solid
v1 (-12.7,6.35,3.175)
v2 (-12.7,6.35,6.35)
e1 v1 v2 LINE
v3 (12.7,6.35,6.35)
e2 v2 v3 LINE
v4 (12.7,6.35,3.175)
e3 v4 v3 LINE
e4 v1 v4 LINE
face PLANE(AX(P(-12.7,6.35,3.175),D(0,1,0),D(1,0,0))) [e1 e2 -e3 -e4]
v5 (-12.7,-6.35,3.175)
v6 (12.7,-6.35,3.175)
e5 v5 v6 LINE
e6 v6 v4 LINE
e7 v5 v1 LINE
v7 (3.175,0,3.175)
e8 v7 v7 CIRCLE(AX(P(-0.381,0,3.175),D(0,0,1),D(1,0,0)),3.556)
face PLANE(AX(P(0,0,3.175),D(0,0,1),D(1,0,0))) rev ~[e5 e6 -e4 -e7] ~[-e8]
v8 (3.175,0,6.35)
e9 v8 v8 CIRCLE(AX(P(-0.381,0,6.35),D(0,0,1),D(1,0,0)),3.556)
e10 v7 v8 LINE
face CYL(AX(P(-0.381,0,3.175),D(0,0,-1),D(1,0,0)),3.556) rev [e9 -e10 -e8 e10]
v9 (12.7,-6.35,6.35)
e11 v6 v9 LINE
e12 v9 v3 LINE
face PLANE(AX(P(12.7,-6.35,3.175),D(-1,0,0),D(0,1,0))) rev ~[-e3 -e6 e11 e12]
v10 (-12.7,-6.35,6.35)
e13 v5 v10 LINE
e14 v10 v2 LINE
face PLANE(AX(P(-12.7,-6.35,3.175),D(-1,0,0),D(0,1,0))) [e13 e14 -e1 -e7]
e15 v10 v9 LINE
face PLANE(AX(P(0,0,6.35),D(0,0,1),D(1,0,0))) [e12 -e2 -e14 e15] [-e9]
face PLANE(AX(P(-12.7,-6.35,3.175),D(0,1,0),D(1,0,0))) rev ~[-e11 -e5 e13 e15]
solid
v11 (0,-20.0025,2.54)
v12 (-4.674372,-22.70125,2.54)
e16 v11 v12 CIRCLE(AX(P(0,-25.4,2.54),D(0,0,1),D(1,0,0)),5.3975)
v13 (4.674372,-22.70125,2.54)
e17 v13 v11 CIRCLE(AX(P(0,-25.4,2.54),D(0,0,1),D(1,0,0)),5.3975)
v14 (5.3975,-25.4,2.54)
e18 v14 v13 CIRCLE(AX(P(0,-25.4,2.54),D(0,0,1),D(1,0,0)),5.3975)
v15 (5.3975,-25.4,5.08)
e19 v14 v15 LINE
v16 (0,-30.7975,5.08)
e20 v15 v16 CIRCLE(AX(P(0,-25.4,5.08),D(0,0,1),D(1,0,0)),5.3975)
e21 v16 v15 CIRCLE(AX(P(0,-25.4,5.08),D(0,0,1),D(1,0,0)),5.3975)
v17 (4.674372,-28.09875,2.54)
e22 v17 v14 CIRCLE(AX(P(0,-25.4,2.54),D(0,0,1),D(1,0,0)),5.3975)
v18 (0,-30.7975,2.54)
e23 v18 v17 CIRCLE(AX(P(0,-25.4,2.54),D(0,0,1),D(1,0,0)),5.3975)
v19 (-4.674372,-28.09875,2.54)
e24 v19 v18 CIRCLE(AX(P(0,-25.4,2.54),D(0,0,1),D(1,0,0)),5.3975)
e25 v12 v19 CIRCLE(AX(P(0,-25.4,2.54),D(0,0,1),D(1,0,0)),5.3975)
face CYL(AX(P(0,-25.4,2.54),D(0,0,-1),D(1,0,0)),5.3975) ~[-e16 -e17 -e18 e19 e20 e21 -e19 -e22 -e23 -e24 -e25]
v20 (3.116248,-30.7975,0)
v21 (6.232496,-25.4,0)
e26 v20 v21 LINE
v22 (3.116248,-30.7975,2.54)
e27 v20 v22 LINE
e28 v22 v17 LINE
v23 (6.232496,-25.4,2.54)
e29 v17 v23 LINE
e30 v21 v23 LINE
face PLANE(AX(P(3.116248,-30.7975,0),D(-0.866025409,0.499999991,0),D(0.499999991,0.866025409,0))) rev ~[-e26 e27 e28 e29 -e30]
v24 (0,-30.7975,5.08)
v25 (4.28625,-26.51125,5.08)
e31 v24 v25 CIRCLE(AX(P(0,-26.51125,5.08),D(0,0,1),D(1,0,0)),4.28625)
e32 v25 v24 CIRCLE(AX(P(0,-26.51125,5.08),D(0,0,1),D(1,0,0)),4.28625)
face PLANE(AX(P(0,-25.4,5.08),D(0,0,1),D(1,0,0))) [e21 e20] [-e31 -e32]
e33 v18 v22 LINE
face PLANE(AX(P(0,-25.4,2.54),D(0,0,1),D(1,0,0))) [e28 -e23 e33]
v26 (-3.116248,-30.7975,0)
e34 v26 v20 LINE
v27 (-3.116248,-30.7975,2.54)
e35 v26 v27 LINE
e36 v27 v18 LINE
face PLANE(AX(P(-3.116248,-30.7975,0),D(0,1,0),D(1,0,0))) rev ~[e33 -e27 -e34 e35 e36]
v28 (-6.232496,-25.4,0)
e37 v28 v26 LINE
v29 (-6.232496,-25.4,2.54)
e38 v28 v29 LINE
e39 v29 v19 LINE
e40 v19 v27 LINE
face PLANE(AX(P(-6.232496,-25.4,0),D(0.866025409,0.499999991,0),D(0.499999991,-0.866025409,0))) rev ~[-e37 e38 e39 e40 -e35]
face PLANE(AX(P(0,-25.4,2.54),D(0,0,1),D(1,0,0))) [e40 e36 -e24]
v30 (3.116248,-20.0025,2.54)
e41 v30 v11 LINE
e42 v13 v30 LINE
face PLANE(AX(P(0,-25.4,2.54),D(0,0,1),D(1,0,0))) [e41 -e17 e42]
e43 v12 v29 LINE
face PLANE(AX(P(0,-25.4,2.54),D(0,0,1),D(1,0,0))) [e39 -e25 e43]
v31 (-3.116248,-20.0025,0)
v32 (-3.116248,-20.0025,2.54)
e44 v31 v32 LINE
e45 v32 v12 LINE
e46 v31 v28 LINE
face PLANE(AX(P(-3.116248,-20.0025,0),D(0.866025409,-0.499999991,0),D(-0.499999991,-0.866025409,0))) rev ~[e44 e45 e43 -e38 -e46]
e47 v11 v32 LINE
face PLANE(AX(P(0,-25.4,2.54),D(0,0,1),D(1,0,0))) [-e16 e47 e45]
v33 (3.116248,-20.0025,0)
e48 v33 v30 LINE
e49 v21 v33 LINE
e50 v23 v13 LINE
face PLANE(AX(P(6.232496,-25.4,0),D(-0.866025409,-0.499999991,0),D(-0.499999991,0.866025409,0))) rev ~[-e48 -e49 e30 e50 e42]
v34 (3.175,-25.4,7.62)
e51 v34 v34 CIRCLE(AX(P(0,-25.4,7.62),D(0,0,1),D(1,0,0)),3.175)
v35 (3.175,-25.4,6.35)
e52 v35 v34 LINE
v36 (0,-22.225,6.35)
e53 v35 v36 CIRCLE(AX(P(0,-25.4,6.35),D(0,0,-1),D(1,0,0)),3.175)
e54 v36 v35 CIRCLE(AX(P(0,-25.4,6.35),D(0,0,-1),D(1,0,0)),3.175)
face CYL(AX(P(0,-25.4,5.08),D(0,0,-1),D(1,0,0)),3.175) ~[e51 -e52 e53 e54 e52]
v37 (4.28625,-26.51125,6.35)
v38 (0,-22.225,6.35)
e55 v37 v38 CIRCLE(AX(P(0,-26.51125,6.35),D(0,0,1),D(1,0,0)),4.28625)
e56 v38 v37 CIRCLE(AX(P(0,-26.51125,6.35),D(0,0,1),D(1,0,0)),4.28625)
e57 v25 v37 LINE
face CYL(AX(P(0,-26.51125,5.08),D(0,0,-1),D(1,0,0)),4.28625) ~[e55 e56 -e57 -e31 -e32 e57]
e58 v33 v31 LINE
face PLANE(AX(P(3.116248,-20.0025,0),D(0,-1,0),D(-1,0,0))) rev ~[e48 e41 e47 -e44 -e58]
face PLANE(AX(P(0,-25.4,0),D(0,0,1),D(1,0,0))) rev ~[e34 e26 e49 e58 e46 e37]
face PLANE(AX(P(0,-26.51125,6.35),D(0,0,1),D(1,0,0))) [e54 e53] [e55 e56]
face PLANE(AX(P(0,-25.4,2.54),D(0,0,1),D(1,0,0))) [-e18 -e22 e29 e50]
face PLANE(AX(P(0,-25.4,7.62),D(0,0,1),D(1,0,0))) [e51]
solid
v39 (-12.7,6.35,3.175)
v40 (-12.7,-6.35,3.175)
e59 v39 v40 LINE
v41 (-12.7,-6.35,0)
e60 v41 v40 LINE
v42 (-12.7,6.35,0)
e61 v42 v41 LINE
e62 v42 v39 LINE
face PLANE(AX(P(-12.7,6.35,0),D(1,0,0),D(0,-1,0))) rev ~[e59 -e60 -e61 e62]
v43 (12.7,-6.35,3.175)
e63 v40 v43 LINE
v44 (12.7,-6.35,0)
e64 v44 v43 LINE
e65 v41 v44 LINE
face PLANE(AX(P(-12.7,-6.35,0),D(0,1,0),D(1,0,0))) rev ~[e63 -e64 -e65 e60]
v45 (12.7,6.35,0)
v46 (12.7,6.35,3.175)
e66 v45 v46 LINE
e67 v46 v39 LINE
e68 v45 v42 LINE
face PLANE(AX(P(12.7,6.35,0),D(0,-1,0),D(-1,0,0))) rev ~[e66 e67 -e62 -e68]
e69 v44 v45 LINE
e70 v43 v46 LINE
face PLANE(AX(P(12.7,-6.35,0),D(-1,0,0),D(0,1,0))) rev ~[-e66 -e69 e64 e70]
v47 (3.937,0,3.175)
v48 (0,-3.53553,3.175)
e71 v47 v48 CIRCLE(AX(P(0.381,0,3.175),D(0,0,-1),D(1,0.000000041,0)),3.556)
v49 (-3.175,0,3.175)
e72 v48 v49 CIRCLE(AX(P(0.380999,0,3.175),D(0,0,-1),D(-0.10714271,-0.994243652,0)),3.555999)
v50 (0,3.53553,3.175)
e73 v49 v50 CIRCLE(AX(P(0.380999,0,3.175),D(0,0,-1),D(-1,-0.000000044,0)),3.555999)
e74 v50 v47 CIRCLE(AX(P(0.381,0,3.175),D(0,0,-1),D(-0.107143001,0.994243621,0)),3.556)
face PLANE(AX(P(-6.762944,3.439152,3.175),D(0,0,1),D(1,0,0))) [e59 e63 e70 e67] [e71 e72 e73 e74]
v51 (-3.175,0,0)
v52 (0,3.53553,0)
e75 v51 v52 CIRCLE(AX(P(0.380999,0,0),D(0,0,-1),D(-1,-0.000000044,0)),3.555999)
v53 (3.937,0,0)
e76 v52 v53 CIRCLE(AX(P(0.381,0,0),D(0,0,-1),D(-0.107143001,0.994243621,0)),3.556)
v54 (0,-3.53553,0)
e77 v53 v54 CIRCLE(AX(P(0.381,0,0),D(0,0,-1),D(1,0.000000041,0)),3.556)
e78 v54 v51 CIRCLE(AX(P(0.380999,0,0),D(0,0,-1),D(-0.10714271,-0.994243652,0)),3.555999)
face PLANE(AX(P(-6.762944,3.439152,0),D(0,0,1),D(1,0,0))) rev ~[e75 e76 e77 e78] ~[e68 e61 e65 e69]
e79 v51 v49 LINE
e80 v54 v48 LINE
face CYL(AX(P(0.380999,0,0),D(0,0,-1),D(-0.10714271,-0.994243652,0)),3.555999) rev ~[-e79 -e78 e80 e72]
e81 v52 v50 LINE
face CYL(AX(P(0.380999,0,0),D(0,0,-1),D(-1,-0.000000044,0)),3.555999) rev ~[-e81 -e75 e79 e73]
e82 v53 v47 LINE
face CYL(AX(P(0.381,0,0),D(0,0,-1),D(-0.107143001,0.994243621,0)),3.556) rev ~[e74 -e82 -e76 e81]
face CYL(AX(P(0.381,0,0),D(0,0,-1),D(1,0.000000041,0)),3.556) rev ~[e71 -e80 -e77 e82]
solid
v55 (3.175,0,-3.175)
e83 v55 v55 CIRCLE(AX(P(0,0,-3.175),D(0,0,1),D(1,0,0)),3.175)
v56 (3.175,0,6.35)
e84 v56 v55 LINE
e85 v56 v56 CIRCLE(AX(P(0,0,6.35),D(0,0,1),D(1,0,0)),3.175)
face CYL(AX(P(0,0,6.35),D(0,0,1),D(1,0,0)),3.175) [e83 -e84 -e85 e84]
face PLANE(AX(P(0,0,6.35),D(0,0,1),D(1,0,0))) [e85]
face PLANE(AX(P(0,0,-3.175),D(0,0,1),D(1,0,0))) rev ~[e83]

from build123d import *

# Parameters (mm, degrees)
F1_DEPTH  = 3.175
F2_W      = 25.4
F2_H      = 12.7
F2_R      = 3.556
F3_DEPTH  = 3.175
F4_R      = 3.175
F5_DEPTH  = 9.525
F7_DEPTH  = 2.54
F8_R      = 5.3975
F9_DEPTH  = 2.54
F10_R     = 3.175
F11_DEPTH = 2.54
F12_R     = 4.28625
F13_DEPTH = 1.27


with BuildPart() as f1:
    # F0 (on Top) → F1 (new body)
    with BuildSketch(Plane.XY):
        with BuildLine():
            Line((0, 6.35), (-12.7, 6.35))
            Line((-12.7, 6.35), (-12.7, 0))
            Line((-12.7, 0), (-3.175, 0))
            ThreePointArc((-3.175, 0), (-2.264749, 2.375952), (0, 3.53553))
            Line((0, 3.53553), (0, 6.35))
        make_face()
        with BuildLine():
            Line((12.7, 6.35), (0, 6.35))
            Line((0, 6.35), (0, 3.53553))
            ThreePointArc((0, 3.53553), (2.756952, 2.645749), (3.937, 0))
            Line((3.937, 0), (12.7, 0))
            Line((12.7, 0), (12.7, 6.35))
        make_face()
        with BuildLine():
            Line((-3.175, 0), (-12.7, 0))
            Line((-12.7, 0), (-12.7, -6.35))
            Line((-12.7, -6.35), (0, -6.35))
            Line((0, -6.35), (0, -3.53553))
            ThreePointArc((0, -3.53553), (-2.264749, -2.375952), (-3.175, 0))
        make_face()
        with BuildLine():
            Line((12.7, -6.35), (12.7, 0))
            Line((12.7, 0), (3.937, 0))
            ThreePointArc((3.937, 0), (2.756952, -2.645749), (0, -3.53553))
            Line((0, -3.53553), (0, -6.35))
            Line((0, -6.35), (12.7, -6.35))
        make_face()
    extrude(amount=F1_DEPTH)


with BuildPart() as f3:
    # F2 (on face) → F3 (new body)
    with BuildSketch(Plane.XY.offset(3.175)):
        Rectangle(F2_W, F2_H)
        with Locations((-0.381, 0)):
            Circle(F2_R, mode=Mode.SUBTRACT)
    extrude(amount=F3_DEPTH)


with BuildPart() as f5:
    # F4 (on face) → F5 (new body)
    with BuildSketch(Plane.XY.offset(6.35)):
        Circle(F4_R)
    extrude(amount=-F5_DEPTH)


with BuildPart() as f7:
    # F6 (on Top) → F7 (new body)
    with BuildSketch(Plane.XY):
        Polygon((3.116248, -30.7975), (6.232496, -25.4), (3.116248, -20.0025), (-3.116248, -20.0025), (-6.232496, -25.4), (-3.116248, -30.7975), align=None)
    extrude(amount=F7_DEPTH)

    # F8 (on face) → F9 (join)
    with BuildSketch(Plane.XY.offset(2.54)):
        with Locations((0, -25.4)):
            Circle(F8_R)
    extrude(amount=F9_DEPTH)

    # F10 (on face) → F11 (join)
    with BuildSketch(Plane.XY.offset(5.08)):
        with Locations((0, -25.4)):
            Circle(F10_R)
    extrude(amount=F11_DEPTH)

    # F12 (on face) → F13 (join)
    with BuildSketch(Plane.XY.offset(5.08)):
        with Locations((0, -26.51125)):
            Circle(F12_R)
    extrude(amount=F13_DEPTH)


solid = Compound([f1.part, f3.part, f5.part, f7.part])
